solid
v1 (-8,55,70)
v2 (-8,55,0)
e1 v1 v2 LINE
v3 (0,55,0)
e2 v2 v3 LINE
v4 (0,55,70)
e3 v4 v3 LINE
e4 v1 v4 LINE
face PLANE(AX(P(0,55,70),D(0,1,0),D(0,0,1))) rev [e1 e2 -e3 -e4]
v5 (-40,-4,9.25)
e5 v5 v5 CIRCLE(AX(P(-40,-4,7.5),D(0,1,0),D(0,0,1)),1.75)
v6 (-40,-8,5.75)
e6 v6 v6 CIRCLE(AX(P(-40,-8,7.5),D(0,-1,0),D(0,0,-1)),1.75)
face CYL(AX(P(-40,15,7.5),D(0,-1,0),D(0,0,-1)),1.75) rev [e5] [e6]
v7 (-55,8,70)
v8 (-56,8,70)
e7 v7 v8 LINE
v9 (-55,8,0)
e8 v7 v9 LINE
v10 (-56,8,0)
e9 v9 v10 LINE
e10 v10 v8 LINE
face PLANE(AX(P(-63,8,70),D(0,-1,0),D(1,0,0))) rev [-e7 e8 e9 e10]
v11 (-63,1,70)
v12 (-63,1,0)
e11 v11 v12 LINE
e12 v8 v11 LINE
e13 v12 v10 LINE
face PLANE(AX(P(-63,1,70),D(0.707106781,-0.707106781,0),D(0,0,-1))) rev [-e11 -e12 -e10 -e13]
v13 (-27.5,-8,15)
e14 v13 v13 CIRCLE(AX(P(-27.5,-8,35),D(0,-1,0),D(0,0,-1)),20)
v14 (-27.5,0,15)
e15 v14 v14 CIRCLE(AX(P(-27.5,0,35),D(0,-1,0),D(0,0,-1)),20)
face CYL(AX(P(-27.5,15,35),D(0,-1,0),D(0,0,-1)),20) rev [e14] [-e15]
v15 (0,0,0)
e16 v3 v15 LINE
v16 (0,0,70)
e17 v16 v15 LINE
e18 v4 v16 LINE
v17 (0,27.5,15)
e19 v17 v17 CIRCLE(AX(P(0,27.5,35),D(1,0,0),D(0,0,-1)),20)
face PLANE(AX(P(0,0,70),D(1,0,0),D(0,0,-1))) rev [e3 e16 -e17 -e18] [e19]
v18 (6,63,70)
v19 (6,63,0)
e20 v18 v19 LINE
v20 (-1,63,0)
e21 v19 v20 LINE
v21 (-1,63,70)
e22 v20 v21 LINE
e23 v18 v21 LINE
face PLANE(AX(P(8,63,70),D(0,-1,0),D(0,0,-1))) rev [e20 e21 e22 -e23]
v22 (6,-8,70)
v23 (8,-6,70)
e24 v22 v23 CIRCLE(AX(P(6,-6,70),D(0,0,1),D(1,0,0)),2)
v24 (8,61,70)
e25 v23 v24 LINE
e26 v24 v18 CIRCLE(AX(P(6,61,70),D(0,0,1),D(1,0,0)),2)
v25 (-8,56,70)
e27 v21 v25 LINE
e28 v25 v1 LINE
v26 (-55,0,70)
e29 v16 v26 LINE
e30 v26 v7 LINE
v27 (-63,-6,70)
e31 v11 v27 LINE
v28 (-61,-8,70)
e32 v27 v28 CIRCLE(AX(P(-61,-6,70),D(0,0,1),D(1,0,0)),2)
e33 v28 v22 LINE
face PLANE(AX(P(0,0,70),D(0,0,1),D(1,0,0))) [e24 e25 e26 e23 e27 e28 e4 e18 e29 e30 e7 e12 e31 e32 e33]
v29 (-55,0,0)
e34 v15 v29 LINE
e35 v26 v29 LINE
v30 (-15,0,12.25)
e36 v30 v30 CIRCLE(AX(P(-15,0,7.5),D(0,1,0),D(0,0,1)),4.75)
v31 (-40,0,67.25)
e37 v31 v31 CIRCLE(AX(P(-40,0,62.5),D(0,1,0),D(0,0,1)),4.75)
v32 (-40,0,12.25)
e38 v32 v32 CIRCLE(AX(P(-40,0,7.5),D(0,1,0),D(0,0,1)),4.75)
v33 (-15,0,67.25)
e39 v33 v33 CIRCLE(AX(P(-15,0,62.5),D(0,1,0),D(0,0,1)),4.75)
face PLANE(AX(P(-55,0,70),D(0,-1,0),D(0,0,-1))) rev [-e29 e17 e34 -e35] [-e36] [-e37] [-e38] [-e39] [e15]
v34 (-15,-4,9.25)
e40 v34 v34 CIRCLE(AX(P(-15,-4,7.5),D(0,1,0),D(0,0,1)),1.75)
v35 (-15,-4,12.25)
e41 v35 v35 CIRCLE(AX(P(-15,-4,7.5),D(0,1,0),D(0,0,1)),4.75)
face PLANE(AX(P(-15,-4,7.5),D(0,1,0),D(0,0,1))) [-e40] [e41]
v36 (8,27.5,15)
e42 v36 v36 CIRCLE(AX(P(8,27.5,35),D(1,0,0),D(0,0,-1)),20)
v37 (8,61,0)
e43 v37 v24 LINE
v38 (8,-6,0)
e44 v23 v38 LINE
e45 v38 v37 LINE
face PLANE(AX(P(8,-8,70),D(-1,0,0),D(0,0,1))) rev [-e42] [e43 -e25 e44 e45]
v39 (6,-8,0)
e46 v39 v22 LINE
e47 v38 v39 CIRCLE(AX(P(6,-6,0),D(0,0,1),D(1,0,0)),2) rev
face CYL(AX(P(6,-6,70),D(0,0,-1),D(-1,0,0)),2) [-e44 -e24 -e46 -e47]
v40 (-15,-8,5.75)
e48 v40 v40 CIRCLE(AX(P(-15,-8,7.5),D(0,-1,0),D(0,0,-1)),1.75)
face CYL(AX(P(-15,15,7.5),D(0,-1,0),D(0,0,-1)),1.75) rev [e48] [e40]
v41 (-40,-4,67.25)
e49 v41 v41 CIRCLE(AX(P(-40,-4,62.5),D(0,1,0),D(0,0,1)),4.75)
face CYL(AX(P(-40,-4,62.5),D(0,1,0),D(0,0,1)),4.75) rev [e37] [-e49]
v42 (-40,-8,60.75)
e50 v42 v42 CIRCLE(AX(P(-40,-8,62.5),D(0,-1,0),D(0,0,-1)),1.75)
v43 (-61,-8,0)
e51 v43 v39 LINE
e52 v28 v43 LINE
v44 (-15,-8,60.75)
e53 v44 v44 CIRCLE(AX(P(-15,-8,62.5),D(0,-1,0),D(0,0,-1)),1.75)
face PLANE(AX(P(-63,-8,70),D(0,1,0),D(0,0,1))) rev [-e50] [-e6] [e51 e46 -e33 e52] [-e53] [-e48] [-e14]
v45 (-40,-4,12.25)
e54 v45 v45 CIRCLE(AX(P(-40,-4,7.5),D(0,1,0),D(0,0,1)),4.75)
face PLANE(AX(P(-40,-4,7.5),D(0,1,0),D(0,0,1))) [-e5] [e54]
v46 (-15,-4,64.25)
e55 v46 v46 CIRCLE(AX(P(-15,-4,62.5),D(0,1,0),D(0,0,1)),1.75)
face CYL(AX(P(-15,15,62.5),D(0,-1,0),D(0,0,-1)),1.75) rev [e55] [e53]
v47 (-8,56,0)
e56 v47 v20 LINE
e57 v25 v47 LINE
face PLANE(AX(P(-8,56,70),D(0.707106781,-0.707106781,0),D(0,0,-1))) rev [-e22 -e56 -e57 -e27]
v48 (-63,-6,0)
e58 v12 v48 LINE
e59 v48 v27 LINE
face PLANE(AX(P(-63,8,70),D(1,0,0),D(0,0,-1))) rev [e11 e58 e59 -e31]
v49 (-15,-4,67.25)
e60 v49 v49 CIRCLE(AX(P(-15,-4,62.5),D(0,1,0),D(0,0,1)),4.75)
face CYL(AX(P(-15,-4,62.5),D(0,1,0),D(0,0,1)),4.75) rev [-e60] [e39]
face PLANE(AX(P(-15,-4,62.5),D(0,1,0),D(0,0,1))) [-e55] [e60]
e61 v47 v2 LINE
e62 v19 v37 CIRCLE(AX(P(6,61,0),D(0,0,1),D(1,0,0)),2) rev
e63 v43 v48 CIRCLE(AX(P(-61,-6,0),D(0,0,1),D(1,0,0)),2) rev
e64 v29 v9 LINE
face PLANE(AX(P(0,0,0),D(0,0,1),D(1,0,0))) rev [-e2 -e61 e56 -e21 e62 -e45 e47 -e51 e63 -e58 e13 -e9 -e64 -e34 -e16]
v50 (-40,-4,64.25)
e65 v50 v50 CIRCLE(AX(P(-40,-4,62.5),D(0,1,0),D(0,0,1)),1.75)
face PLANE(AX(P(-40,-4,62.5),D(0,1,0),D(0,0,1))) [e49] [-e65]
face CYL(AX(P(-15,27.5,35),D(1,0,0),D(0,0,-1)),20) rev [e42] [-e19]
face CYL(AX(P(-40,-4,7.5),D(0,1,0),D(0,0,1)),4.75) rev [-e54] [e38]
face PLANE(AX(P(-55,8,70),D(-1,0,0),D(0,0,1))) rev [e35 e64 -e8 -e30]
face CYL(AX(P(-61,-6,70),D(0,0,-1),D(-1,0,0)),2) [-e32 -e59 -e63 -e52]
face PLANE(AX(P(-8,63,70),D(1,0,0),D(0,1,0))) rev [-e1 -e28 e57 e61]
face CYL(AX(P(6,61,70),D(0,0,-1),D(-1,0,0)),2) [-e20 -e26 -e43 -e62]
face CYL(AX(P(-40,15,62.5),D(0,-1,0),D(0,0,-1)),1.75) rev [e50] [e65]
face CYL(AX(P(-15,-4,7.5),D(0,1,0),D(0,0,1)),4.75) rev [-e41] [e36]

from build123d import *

# Parameters (mm, degrees)
BOSS_EXTRUDE1_DEPTH = 70
CHAMFER1_SIZE       = 7
FILLET1_R           = 2
SKETCH2_R           = 1.75
SKETCH2_R_2         = 20
CUT_EXTRUDE1_DEPTH  = 23
CUT_EXTRUDE2_START  = -4
SKETCH3_R           = 4.75
SKETCH3_R_2         = 1.75
CUT_EXTRUDE2_DEPTH  = 4
SKETCH5_R           = 20
CUT_EXTRUDE3_DEPTH  = 23


with BuildPart() as part:
    # Sketch1 → Boss-Extrude1 (new body)
    with BuildSketch(Plane.XY):
        Polygon((-55, 0), (0, 0), (0, 55), (-8, 55), (-8, 63), (8, 63), (8, -8), (-63, -8), (-63, 8), (-55, 8), align=None)
    extrude(amount=BOSS_EXTRUDE1_DEPTH)

    # Chamfer1
    chamfer1_edges = [part.edges().sort_by_distance(p)[0] for p in [
        (-8, 63, 35),
        (-63, 8, 35),
    ]]
    chamfer(chamfer1_edges, length=CHAMFER1_SIZE)

    # Fillet1
    fillet1_edges = [part.edges().sort_by_distance(p)[0] for p in [
        (8, 63, 35),
        (8, -8, 35),
        (-63, -8, 35),
    ]]
    fillet(fillet1_edges, radius=FILLET1_R)

    # Sketch2 → Cut-Extrude1 (cut)
    with BuildSketch(Plane.XZ.offset(8)):
        with Locations(Location((-40, 62.5, 0), (0, 0, 270))):
            Circle(SKETCH2_R)
        with Locations(Location((-15, 62.5, 0), (0, 0, 270))):
            Circle(SKETCH2_R)
        with Locations(Location((-15, 7.5, 0), (0, 0, 270))):
            Circle(SKETCH2_R)
        with Locations(Location((-40, 7.5, 0), (0, 0, 270))):
            Circle(SKETCH2_R)
        with Locations(Location((-27.5, 35, 0), (0, 0, 270))):
            Circle(SKETCH2_R_2)
    extrude(amount=-CUT_EXTRUDE1_DEPTH, mode=Mode.SUBTRACT)

    # Sketch3 → Cut-Extrude2 (cut)
    # profile 1 of 4: a face of its own
    with BuildSketch(Plane(origin=(0, 0, 0), x_dir=(1, 0, 0), z_dir=(0, 1, 0)).offset(CUT_EXTRUDE2_START)):
        with Locations(Location((-40, -62.5, 0), (0, 0, 270))):
            Circle(SKETCH3_R)
        with Locations(Location((-40, -62.5, 0), (0, 0, 90))):
            Circle(SKETCH3_R_2, mode=Mode.SUBTRACT)
    # profile 2 of 4: a face of its own
    with BuildSketch(Plane(origin=(0, 0, 0), x_dir=(1, 0, 0), z_dir=(0, 1, 0)).offset(CUT_EXTRUDE2_START)):
        with Locations(Location((-15, -62.5, 0), (0, 0, 270))):
            Circle(SKETCH3_R)
        with Locations(Location((-15, -62.5, 0), (0, 0, 90))):
            Circle(SKETCH3_R_2, mode=Mode.SUBTRACT)
    # profile 3 of 4: a face of its own
    with BuildSketch(Plane(origin=(0, 0, 0), x_dir=(1, 0, 0), z_dir=(0, 1, 0)).offset(CUT_EXTRUDE2_START)):
        with Locations(Location((-15, -7.5, 0), (0, 0, 270))):
            Circle(SKETCH3_R)
        with Locations(Location((-15, -7.5, 0), (0, 0, 90))):
            Circle(SKETCH3_R_2, mode=Mode.SUBTRACT)
    # profile 4 of 4: a face of its own
    with BuildSketch(Plane(origin=(0, 0, 0), x_dir=(1, 0, 0), z_dir=(0, 1, 0)).offset(CUT_EXTRUDE2_START)):
        with Locations(Location((-40, -7.5, 0), (0, 0, 270))):
            Circle(SKETCH3_R)
        with Locations(Location((-40, -7.5, 0), (0, 0, 90))):
            Circle(SKETCH3_R_2, mode=Mode.SUBTRACT)
    extrude(amount=CUT_EXTRUDE2_DEPTH, mode=Mode.SUBTRACT)

    # Sketch5 → Cut-Extrude3 (cut)
    with BuildSketch(Plane(origin=(8, 0, 0), x_dir=(0, 0, -1), z_dir=(1, 0, 0))):
        with Locations((-35, 27.5)):
            Circle(SKETCH5_R)
    extrude(amount=-CUT_EXTRUDE3_DEPTH, mode=Mode.SUBTRACT)


solid = part.part
